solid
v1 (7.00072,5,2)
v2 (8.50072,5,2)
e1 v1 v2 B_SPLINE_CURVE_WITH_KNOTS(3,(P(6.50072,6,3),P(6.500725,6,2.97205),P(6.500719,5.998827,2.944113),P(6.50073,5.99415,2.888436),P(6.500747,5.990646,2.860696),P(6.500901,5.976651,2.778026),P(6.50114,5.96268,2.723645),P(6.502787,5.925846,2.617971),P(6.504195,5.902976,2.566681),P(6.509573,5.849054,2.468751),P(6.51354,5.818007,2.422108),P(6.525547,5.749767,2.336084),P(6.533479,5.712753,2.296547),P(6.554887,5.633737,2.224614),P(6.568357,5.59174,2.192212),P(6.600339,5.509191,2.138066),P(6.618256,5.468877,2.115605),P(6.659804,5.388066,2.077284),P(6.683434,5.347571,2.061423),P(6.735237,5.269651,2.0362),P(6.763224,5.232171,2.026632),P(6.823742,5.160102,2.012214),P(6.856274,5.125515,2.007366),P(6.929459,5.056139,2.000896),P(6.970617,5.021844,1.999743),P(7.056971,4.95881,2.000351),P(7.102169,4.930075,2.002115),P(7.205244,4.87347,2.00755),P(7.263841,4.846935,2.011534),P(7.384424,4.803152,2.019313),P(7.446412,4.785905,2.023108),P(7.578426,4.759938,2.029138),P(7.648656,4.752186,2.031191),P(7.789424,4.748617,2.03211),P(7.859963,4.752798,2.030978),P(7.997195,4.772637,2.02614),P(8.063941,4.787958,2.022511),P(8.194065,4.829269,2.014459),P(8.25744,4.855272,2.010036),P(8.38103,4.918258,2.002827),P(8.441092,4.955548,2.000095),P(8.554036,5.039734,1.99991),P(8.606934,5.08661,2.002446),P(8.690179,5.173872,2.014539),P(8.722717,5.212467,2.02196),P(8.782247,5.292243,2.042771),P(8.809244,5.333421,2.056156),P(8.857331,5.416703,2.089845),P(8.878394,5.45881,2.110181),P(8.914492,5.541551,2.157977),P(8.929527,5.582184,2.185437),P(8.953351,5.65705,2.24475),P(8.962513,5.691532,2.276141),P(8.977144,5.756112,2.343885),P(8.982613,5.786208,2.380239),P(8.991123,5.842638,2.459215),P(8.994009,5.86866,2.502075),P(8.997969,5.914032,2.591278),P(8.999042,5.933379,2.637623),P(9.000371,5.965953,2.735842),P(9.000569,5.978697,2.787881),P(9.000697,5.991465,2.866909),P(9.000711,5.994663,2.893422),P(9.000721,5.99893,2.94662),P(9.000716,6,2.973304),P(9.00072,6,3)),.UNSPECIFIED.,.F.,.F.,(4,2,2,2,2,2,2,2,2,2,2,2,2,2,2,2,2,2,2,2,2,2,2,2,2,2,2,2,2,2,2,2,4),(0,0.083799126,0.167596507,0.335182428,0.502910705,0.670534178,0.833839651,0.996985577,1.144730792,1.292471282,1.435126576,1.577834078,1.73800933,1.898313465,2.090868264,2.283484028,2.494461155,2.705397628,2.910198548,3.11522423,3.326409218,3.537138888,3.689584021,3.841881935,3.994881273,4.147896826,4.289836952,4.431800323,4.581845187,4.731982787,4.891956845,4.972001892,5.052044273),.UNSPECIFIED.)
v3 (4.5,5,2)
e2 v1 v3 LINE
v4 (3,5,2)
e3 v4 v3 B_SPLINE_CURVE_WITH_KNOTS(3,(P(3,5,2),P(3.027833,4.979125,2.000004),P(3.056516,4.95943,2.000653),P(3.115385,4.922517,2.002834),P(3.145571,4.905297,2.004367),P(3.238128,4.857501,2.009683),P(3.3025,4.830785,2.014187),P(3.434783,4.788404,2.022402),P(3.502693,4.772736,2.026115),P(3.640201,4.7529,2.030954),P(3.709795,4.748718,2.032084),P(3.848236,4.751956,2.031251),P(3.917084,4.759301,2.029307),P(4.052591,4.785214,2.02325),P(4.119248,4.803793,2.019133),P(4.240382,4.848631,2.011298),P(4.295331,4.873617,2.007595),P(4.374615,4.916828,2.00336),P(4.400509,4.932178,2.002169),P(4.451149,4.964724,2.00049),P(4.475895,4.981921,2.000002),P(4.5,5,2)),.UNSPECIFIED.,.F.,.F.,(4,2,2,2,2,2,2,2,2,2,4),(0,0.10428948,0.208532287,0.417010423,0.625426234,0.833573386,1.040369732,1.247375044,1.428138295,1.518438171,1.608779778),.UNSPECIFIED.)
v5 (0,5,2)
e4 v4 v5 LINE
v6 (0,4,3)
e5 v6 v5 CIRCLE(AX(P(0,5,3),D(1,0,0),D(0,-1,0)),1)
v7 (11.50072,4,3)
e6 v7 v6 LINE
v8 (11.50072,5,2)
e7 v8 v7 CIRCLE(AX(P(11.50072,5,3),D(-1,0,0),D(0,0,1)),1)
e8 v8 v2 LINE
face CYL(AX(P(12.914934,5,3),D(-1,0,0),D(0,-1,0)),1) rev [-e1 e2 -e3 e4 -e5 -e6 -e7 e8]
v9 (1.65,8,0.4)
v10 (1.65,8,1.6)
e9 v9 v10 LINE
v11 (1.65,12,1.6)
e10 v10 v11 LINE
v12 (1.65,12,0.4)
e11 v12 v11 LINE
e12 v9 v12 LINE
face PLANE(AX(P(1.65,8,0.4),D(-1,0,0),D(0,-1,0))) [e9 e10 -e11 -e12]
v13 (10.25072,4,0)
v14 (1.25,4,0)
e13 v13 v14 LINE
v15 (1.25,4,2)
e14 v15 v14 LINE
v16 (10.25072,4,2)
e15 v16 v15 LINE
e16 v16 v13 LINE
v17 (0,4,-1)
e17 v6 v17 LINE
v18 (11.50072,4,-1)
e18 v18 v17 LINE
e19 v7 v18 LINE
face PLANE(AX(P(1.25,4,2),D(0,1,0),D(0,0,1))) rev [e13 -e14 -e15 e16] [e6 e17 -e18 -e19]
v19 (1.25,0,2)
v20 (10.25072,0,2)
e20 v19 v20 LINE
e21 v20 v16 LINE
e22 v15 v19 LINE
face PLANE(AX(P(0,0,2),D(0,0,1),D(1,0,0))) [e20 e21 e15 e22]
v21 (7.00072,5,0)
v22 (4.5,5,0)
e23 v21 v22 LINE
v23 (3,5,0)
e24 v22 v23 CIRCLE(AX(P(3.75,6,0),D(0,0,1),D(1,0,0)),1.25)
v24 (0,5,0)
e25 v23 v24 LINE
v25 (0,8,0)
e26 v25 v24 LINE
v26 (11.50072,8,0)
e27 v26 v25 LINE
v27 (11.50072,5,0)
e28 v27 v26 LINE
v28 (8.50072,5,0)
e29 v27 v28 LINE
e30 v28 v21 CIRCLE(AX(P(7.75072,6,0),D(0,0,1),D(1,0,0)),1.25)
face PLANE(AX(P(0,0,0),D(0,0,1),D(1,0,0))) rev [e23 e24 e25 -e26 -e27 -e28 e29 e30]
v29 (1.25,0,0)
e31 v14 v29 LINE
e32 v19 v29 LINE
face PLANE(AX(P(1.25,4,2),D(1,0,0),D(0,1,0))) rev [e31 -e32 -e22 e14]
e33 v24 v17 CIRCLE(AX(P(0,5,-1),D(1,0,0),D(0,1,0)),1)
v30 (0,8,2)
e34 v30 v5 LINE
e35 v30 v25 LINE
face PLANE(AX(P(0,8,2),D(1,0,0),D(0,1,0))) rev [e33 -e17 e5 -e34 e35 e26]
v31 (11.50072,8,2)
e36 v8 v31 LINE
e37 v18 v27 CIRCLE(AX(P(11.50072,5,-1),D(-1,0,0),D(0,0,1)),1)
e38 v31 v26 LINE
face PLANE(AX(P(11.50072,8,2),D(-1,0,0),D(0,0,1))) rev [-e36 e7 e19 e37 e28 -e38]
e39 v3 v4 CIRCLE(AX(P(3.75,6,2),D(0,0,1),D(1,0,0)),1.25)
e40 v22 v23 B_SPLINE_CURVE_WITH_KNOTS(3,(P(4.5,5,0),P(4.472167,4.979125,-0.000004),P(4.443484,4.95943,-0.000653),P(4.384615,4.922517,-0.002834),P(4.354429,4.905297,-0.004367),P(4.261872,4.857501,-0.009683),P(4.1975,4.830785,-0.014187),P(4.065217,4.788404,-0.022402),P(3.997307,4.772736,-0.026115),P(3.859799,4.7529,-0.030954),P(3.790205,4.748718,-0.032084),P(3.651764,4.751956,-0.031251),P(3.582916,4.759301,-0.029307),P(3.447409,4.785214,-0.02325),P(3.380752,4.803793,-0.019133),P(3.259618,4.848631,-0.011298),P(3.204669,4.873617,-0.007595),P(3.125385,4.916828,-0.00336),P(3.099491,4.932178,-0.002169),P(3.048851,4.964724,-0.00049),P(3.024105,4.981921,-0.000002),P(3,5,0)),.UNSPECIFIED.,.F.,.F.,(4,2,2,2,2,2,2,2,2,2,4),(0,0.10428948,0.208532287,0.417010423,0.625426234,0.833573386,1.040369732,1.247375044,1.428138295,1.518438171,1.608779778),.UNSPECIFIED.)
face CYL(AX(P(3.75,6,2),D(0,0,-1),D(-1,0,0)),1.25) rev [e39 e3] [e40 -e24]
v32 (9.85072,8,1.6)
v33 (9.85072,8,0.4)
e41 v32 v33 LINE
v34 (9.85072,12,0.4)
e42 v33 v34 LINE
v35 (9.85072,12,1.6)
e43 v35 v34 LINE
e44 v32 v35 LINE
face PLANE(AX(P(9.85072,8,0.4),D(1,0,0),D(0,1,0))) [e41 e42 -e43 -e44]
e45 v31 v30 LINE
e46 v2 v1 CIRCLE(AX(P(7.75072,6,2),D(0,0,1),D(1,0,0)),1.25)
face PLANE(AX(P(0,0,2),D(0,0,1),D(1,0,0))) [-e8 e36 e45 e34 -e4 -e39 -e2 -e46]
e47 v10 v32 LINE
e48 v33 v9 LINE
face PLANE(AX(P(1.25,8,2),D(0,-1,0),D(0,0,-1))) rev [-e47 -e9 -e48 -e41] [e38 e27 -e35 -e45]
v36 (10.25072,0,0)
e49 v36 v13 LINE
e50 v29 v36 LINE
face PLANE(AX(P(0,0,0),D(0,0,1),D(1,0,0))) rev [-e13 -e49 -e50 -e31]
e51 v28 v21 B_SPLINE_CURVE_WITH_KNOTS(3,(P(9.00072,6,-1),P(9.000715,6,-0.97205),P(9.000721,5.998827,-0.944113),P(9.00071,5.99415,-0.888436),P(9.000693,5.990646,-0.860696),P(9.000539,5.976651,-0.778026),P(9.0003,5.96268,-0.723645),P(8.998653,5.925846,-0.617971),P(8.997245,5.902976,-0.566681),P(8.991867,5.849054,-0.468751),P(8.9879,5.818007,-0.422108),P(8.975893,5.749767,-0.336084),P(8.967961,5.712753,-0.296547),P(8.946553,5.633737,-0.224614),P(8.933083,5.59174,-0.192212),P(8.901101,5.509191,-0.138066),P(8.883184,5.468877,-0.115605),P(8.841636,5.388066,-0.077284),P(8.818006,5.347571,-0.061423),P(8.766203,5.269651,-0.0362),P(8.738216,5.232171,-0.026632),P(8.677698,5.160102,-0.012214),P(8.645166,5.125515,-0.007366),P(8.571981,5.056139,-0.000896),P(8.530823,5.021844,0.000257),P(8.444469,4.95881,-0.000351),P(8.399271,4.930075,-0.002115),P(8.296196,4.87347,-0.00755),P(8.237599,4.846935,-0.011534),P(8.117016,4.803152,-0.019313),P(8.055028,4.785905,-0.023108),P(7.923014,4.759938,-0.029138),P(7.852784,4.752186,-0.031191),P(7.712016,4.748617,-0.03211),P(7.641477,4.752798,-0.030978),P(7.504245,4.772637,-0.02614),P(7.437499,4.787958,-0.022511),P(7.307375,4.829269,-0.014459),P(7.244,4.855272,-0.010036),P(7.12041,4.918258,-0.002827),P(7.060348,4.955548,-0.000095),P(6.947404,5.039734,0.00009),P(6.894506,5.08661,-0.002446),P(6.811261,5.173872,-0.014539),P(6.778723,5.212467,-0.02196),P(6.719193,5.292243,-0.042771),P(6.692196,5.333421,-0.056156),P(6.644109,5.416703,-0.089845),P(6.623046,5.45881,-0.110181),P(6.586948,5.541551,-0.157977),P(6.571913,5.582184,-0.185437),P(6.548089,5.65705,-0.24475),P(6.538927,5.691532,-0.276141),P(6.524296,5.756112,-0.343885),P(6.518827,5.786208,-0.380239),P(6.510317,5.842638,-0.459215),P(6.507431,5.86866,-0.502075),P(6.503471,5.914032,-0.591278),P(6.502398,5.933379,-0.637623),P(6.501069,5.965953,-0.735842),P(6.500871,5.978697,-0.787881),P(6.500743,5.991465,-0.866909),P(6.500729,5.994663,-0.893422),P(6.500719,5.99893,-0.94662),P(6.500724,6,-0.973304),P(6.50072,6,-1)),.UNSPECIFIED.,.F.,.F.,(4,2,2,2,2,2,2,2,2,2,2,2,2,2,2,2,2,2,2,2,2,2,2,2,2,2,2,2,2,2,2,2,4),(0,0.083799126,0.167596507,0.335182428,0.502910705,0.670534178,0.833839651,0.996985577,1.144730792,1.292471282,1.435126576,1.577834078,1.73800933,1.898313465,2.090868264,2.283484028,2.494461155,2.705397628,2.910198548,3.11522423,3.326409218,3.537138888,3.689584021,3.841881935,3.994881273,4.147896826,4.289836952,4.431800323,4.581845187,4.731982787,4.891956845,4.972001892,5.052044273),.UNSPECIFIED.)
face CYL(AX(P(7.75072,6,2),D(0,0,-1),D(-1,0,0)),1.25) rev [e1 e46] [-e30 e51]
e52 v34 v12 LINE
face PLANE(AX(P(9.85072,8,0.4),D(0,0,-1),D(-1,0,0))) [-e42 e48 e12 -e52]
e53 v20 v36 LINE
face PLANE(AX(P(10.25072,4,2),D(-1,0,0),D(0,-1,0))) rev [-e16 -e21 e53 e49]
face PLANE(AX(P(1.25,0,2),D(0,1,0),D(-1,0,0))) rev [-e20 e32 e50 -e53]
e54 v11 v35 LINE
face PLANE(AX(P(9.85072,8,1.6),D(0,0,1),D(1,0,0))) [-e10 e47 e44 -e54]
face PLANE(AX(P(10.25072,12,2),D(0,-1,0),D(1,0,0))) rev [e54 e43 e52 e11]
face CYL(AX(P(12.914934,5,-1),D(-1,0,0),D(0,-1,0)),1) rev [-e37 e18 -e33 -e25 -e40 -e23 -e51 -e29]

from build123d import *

# Parameters (mm, degrees)
MODEL_R                 = 1.25
BOSS_EXTRUDE1_DEPTH     = 2
BOSS_EXTRUDE2_DEPTH     = 11.50072
SKETCH2_R               = 1.25
CUT_EXTRUDE1_DEPTH      = 2
CUT_EXTRUDE1_DEPTH_BACK = 4
SKETCH3_W               = 9.00072
SKETCH3_H               = 2
SKETCH3_W_2             = 8.20072
SKETCH3_H_2             = 1.2
CUT_EXTRUDE2_DEPTH      = 4


with BuildPart() as part:
    # Model → Boss-Extrude1 (new body)
    with BuildSketch(Plane.XY):
        Polygon((1.25, 4), (0, 4), (0, 8), (1.25, 8), (1.25, 12), (10.25072, 12), (10.25072, 8), (11.50072, 8), (11.50072, 4), (10.25072, 4), (10.25072, 0), (1.25, 0), align=None)
        with Locations((7.75072, 6)):
            Circle(MODEL_R, mode=Mode.SUBTRACT)
        with Locations((3.75, 6)):
            Circle(MODEL_R, mode=Mode.SUBTRACT)
    extrude(amount=BOSS_EXTRUDE1_DEPTH)

    # Sketch1 → Boss-Extrude2 (add)
    with BuildSketch(Plane.ZY):
        with BuildLine():
            Line((2, 4), (2, 5))
            ThreePointArc((2, 5), (2.292893219, 4.292893219), (3, 4))
            Line((3, 4), (2, 4))
        make_face()
        with BuildLine():
            Line((0, 4), (-1, 4))
            ThreePointArc((-1, 4), (-0.292893219, 4.292893219), (0, 5))
            Line((0, 5), (0, 4))
        make_face()
    extrude(amount=-BOSS_EXTRUDE2_DEPTH)

    # Sketch2 → Cut-Extrude1 (cut, two sides)
    with BuildSketch(Plane.XY.offset(2)) as cut_extrude1_sk:
        with Locations((3.75, 6)):
            Circle(SKETCH2_R)
        with Locations((7.75072, 6)):
            Circle(SKETCH2_R)
    extrude(amount=CUT_EXTRUDE1_DEPTH, mode=Mode.SUBTRACT)
    extrude(cut_extrude1_sk.sketch, amount=-CUT_EXTRUDE1_DEPTH_BACK, mode=Mode.SUBTRACT)

    # Sketch3 → Cut-Extrude2 (cut)
    with BuildSketch(Plane(origin=(0, 12, 0), x_dir=(1, 0, 0), z_dir=(0, 1, 0))):
        with Locations((5.75036, -1)):
            Rectangle(SKETCH3_W, SKETCH3_H)
        with Locations((5.75036, -1)):
            Rectangle(SKETCH3_W_2, SKETCH3_H_2, mode=Mode.SUBTRACT)
    extrude(amount=-CUT_EXTRUDE2_DEPTH, mode=Mode.SUBTRACT)


solid = part.part
